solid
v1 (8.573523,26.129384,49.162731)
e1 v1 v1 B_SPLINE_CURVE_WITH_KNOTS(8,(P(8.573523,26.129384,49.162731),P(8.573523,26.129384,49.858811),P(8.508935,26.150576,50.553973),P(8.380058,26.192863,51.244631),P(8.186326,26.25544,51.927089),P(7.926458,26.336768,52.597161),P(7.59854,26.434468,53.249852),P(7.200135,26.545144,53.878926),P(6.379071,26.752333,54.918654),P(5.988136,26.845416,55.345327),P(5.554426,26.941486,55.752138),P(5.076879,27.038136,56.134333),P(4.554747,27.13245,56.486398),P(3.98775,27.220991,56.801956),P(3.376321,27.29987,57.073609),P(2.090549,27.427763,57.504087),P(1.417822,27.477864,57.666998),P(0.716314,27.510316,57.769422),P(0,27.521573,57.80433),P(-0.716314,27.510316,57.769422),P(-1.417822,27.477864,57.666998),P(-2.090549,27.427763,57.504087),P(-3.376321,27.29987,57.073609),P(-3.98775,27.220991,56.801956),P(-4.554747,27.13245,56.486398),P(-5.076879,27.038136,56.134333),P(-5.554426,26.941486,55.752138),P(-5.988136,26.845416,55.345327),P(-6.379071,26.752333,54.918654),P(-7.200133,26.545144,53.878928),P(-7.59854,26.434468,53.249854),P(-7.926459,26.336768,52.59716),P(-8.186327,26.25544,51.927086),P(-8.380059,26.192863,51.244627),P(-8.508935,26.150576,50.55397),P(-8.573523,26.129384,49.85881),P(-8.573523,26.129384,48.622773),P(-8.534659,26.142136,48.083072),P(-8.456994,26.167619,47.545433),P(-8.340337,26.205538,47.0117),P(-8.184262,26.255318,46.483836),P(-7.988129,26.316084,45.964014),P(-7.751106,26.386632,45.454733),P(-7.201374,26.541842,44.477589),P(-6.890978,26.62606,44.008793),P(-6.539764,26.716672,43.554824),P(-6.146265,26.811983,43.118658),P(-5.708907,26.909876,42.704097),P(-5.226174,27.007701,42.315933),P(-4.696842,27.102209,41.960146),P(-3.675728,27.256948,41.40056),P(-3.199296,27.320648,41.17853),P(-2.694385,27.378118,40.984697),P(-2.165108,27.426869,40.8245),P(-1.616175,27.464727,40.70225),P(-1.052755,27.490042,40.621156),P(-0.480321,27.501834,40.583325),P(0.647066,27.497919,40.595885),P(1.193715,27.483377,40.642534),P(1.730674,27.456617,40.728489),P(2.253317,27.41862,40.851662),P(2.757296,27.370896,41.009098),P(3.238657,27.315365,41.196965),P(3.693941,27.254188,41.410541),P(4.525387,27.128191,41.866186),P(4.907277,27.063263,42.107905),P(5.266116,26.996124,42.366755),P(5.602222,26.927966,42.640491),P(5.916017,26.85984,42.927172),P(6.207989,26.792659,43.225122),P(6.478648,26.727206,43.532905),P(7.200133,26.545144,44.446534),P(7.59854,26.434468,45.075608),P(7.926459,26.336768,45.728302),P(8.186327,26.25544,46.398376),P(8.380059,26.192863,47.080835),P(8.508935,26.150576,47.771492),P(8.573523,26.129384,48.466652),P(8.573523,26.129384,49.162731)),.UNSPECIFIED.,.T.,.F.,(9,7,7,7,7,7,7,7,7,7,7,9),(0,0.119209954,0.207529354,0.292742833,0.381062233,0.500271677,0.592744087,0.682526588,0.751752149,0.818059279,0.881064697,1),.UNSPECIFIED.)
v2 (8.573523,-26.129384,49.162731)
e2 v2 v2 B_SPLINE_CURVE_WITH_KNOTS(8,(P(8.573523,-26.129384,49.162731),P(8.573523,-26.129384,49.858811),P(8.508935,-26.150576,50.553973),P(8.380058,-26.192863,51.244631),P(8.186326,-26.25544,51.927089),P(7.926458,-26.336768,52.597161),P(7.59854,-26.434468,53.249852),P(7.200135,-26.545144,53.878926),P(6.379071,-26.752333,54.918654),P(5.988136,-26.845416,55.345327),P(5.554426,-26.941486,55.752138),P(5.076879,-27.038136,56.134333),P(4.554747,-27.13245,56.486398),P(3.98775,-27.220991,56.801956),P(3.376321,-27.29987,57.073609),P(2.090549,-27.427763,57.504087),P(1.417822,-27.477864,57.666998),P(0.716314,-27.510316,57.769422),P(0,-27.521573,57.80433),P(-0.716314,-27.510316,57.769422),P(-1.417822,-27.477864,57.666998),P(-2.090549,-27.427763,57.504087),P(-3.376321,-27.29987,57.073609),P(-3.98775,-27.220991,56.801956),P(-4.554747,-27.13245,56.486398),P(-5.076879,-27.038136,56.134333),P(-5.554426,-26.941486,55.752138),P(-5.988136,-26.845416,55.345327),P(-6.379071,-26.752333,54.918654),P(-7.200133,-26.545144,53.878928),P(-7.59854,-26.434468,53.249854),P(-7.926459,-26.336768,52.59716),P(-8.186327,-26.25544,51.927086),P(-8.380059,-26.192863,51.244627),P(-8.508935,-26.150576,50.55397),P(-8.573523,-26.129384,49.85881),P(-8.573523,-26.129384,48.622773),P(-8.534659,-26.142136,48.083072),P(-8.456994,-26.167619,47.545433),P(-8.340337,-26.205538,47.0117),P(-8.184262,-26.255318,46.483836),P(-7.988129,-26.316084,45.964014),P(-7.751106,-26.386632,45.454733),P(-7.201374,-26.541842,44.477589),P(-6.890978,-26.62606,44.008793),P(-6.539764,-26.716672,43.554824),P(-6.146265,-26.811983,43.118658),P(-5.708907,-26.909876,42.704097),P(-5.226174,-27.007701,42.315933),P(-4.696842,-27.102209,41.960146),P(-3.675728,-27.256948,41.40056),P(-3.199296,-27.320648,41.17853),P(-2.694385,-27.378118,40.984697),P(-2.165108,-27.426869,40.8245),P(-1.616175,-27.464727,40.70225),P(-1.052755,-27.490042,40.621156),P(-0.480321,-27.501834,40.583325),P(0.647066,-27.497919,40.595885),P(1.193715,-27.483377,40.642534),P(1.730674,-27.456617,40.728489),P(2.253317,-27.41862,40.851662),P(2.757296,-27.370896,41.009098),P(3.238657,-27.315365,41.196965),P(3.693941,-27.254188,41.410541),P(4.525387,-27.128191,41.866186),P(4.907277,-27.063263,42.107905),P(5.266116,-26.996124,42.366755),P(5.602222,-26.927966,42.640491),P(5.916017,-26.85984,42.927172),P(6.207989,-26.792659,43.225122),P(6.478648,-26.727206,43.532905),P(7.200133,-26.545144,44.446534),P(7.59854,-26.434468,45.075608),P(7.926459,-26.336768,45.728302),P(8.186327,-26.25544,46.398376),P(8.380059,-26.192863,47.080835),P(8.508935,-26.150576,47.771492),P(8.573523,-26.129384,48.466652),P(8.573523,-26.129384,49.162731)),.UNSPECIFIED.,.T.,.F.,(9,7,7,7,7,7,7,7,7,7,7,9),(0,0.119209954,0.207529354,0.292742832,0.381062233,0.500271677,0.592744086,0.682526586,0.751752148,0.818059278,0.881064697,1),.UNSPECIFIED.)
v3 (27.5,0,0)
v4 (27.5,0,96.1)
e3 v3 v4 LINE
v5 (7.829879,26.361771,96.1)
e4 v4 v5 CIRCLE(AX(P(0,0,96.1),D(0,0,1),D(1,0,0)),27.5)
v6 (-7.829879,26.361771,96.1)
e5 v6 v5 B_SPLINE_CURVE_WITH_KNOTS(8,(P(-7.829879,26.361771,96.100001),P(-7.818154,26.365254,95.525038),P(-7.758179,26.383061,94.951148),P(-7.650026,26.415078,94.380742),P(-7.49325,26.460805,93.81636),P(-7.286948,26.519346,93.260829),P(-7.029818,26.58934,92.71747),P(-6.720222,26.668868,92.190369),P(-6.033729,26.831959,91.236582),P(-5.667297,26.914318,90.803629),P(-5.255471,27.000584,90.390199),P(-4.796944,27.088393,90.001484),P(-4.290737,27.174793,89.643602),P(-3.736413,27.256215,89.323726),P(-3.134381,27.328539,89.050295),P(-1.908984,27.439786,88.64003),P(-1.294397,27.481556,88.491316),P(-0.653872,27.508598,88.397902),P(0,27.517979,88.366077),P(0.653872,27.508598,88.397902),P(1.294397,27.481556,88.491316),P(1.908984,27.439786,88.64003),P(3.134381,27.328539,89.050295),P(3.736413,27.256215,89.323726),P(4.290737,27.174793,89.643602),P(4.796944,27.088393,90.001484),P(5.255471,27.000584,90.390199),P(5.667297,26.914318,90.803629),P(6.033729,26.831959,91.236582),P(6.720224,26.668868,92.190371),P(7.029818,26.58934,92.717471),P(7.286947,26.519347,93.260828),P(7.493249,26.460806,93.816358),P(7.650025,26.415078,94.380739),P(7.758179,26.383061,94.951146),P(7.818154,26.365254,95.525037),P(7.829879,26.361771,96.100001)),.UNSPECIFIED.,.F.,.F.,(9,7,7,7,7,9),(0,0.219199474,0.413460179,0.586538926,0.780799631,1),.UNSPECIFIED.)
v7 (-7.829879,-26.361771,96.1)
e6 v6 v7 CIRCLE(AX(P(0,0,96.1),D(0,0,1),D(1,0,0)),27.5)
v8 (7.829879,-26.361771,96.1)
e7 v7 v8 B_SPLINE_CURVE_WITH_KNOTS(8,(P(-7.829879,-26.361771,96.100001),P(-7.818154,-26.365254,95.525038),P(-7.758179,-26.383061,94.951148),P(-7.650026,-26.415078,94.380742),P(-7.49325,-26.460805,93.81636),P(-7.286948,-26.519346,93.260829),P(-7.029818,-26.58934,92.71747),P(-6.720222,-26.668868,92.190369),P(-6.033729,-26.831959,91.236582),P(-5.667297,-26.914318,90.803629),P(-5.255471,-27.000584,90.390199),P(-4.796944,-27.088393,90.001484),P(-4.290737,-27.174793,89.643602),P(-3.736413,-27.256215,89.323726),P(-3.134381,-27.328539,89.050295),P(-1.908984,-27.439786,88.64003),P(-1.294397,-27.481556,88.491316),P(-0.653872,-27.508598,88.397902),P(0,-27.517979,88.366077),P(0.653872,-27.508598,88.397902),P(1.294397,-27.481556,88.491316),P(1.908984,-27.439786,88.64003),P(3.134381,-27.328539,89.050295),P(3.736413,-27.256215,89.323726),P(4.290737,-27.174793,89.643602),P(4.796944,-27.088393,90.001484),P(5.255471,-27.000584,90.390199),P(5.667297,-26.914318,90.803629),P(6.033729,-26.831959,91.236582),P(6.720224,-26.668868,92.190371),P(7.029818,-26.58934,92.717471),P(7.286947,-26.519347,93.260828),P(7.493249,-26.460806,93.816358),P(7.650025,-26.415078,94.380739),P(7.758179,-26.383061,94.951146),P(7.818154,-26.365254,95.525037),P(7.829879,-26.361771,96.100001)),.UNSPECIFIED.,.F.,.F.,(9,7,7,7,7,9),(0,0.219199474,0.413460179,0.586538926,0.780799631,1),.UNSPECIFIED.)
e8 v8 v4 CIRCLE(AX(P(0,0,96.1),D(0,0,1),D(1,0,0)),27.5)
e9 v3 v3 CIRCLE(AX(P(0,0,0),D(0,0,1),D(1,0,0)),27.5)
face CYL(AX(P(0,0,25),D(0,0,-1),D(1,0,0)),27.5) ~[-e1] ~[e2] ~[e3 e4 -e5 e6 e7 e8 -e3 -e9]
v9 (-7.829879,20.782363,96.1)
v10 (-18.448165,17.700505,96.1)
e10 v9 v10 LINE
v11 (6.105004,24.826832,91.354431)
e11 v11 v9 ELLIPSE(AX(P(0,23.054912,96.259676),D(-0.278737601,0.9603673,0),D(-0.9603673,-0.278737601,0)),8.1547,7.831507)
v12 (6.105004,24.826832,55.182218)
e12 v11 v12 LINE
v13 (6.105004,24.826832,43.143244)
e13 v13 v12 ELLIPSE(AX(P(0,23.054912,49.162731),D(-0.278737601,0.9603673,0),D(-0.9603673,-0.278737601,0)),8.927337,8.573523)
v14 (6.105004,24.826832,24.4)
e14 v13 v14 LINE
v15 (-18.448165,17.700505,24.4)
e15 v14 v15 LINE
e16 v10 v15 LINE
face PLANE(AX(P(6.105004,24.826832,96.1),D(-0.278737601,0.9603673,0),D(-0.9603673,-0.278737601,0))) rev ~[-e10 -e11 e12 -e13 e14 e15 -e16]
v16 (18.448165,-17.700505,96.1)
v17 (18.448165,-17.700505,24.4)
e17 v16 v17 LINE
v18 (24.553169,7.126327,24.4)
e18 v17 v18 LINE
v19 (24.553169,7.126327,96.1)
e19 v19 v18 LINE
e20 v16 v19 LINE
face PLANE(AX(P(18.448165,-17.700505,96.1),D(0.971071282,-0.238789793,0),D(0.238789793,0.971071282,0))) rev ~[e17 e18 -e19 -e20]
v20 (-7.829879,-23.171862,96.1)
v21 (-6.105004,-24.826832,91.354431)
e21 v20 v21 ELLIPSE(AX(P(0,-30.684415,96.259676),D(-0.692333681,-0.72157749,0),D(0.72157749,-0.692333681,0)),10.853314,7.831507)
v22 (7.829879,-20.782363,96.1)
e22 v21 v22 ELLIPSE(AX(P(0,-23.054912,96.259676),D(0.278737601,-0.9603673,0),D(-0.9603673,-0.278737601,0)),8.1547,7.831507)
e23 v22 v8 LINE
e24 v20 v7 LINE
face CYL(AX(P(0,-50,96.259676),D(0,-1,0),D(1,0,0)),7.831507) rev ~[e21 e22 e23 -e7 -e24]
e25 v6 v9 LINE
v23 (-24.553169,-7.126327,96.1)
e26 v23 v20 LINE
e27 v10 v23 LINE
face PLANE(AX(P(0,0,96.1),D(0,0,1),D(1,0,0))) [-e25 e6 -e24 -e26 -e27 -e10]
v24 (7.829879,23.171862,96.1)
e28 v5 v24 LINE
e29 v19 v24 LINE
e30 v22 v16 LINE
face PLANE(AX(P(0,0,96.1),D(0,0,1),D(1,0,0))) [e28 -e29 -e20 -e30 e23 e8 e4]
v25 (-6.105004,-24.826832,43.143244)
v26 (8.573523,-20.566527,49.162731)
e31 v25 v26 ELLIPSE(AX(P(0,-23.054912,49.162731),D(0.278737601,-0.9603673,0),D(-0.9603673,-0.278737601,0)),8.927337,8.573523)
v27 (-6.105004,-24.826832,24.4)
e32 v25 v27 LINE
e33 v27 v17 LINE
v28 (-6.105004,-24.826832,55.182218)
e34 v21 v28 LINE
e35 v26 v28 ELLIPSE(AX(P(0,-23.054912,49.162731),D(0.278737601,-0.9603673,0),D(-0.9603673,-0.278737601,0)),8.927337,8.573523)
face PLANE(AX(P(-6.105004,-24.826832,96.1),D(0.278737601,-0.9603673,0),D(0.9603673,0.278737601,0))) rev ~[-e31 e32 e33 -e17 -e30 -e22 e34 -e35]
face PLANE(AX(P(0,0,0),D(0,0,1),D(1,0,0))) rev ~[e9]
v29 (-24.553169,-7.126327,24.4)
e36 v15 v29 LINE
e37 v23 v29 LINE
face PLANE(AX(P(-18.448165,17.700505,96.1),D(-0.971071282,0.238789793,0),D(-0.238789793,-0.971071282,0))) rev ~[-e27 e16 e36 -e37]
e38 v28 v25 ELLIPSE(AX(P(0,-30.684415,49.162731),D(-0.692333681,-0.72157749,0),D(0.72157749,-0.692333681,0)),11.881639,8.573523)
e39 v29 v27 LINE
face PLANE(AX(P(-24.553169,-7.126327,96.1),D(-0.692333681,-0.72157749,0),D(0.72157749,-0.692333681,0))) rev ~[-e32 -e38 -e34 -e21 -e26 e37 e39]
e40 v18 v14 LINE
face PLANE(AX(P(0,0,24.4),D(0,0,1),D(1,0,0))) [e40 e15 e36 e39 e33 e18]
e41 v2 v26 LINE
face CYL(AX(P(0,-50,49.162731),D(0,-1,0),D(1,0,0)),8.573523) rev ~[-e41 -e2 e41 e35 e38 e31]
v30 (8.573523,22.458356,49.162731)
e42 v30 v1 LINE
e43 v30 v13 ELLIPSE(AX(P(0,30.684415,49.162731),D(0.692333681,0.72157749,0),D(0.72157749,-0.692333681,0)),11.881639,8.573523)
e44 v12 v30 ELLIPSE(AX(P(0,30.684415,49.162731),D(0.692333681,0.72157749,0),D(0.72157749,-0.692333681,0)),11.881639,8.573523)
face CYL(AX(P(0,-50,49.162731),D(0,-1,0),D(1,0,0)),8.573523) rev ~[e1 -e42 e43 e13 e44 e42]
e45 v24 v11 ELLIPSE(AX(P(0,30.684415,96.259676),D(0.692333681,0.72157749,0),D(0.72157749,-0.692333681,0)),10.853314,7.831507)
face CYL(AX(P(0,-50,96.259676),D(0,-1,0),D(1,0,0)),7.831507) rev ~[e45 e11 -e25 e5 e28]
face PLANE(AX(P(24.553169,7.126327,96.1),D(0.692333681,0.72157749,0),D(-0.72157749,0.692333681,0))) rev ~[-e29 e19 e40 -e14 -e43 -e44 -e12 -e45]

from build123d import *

# Parameters (mm, degrees)
F0_R      = 27.5
F1_DEPTH  = 25
F1_FACE_R = 27.5
F2_DEPTH  = 71.1
F4_DEPTH  = 71.7
F6_R      = 7.831507
F7_DEPTH  = 739.1
F8_R      = 8.573523
F9_DEPTH  = 106


with BuildPart() as f1:
    # F0 (on Top) → F1 (new body)
    with BuildSketch(Plane.XY):
        Circle(F0_R)
    extrude(amount=F1_DEPTH)

    # F1_face (on face) → F2 (join)
    with BuildSketch(Plane.XY.offset(25)):
        Circle(F1_FACE_R)
    extrude(amount=F2_DEPTH)

    # F3 (on face) → F4 (cut)
    with BuildSketch(Plane.XY.offset(96.1)):
        Polygon((-6.105004, -24.826832), (18.448165, -17.700505), (24.553169, 7.126327), (6.105004, 24.826832), (-18.448165, 17.700505), (-24.553169, -7.126327), align=None)
    extrude(amount=-F4_DEPTH, mode=Mode.SUBTRACT)

    # F6 (on offset) → F7 (cut)
    with BuildSketch(Plane.XZ.offset(50)):
        with Locations((0, 96.259676)):
            Circle(F6_R)
    extrude(amount=-F7_DEPTH, mode=Mode.SUBTRACT)

    # F8 (on offset) → F9 (cut)
    with BuildSketch(Plane.XZ.offset(50)):
        with Locations((0, 49.162731)):
            Circle(F8_R)
    extrude(amount=-F9_DEPTH, mode=Mode.SUBTRACT)


solid = f1.part
